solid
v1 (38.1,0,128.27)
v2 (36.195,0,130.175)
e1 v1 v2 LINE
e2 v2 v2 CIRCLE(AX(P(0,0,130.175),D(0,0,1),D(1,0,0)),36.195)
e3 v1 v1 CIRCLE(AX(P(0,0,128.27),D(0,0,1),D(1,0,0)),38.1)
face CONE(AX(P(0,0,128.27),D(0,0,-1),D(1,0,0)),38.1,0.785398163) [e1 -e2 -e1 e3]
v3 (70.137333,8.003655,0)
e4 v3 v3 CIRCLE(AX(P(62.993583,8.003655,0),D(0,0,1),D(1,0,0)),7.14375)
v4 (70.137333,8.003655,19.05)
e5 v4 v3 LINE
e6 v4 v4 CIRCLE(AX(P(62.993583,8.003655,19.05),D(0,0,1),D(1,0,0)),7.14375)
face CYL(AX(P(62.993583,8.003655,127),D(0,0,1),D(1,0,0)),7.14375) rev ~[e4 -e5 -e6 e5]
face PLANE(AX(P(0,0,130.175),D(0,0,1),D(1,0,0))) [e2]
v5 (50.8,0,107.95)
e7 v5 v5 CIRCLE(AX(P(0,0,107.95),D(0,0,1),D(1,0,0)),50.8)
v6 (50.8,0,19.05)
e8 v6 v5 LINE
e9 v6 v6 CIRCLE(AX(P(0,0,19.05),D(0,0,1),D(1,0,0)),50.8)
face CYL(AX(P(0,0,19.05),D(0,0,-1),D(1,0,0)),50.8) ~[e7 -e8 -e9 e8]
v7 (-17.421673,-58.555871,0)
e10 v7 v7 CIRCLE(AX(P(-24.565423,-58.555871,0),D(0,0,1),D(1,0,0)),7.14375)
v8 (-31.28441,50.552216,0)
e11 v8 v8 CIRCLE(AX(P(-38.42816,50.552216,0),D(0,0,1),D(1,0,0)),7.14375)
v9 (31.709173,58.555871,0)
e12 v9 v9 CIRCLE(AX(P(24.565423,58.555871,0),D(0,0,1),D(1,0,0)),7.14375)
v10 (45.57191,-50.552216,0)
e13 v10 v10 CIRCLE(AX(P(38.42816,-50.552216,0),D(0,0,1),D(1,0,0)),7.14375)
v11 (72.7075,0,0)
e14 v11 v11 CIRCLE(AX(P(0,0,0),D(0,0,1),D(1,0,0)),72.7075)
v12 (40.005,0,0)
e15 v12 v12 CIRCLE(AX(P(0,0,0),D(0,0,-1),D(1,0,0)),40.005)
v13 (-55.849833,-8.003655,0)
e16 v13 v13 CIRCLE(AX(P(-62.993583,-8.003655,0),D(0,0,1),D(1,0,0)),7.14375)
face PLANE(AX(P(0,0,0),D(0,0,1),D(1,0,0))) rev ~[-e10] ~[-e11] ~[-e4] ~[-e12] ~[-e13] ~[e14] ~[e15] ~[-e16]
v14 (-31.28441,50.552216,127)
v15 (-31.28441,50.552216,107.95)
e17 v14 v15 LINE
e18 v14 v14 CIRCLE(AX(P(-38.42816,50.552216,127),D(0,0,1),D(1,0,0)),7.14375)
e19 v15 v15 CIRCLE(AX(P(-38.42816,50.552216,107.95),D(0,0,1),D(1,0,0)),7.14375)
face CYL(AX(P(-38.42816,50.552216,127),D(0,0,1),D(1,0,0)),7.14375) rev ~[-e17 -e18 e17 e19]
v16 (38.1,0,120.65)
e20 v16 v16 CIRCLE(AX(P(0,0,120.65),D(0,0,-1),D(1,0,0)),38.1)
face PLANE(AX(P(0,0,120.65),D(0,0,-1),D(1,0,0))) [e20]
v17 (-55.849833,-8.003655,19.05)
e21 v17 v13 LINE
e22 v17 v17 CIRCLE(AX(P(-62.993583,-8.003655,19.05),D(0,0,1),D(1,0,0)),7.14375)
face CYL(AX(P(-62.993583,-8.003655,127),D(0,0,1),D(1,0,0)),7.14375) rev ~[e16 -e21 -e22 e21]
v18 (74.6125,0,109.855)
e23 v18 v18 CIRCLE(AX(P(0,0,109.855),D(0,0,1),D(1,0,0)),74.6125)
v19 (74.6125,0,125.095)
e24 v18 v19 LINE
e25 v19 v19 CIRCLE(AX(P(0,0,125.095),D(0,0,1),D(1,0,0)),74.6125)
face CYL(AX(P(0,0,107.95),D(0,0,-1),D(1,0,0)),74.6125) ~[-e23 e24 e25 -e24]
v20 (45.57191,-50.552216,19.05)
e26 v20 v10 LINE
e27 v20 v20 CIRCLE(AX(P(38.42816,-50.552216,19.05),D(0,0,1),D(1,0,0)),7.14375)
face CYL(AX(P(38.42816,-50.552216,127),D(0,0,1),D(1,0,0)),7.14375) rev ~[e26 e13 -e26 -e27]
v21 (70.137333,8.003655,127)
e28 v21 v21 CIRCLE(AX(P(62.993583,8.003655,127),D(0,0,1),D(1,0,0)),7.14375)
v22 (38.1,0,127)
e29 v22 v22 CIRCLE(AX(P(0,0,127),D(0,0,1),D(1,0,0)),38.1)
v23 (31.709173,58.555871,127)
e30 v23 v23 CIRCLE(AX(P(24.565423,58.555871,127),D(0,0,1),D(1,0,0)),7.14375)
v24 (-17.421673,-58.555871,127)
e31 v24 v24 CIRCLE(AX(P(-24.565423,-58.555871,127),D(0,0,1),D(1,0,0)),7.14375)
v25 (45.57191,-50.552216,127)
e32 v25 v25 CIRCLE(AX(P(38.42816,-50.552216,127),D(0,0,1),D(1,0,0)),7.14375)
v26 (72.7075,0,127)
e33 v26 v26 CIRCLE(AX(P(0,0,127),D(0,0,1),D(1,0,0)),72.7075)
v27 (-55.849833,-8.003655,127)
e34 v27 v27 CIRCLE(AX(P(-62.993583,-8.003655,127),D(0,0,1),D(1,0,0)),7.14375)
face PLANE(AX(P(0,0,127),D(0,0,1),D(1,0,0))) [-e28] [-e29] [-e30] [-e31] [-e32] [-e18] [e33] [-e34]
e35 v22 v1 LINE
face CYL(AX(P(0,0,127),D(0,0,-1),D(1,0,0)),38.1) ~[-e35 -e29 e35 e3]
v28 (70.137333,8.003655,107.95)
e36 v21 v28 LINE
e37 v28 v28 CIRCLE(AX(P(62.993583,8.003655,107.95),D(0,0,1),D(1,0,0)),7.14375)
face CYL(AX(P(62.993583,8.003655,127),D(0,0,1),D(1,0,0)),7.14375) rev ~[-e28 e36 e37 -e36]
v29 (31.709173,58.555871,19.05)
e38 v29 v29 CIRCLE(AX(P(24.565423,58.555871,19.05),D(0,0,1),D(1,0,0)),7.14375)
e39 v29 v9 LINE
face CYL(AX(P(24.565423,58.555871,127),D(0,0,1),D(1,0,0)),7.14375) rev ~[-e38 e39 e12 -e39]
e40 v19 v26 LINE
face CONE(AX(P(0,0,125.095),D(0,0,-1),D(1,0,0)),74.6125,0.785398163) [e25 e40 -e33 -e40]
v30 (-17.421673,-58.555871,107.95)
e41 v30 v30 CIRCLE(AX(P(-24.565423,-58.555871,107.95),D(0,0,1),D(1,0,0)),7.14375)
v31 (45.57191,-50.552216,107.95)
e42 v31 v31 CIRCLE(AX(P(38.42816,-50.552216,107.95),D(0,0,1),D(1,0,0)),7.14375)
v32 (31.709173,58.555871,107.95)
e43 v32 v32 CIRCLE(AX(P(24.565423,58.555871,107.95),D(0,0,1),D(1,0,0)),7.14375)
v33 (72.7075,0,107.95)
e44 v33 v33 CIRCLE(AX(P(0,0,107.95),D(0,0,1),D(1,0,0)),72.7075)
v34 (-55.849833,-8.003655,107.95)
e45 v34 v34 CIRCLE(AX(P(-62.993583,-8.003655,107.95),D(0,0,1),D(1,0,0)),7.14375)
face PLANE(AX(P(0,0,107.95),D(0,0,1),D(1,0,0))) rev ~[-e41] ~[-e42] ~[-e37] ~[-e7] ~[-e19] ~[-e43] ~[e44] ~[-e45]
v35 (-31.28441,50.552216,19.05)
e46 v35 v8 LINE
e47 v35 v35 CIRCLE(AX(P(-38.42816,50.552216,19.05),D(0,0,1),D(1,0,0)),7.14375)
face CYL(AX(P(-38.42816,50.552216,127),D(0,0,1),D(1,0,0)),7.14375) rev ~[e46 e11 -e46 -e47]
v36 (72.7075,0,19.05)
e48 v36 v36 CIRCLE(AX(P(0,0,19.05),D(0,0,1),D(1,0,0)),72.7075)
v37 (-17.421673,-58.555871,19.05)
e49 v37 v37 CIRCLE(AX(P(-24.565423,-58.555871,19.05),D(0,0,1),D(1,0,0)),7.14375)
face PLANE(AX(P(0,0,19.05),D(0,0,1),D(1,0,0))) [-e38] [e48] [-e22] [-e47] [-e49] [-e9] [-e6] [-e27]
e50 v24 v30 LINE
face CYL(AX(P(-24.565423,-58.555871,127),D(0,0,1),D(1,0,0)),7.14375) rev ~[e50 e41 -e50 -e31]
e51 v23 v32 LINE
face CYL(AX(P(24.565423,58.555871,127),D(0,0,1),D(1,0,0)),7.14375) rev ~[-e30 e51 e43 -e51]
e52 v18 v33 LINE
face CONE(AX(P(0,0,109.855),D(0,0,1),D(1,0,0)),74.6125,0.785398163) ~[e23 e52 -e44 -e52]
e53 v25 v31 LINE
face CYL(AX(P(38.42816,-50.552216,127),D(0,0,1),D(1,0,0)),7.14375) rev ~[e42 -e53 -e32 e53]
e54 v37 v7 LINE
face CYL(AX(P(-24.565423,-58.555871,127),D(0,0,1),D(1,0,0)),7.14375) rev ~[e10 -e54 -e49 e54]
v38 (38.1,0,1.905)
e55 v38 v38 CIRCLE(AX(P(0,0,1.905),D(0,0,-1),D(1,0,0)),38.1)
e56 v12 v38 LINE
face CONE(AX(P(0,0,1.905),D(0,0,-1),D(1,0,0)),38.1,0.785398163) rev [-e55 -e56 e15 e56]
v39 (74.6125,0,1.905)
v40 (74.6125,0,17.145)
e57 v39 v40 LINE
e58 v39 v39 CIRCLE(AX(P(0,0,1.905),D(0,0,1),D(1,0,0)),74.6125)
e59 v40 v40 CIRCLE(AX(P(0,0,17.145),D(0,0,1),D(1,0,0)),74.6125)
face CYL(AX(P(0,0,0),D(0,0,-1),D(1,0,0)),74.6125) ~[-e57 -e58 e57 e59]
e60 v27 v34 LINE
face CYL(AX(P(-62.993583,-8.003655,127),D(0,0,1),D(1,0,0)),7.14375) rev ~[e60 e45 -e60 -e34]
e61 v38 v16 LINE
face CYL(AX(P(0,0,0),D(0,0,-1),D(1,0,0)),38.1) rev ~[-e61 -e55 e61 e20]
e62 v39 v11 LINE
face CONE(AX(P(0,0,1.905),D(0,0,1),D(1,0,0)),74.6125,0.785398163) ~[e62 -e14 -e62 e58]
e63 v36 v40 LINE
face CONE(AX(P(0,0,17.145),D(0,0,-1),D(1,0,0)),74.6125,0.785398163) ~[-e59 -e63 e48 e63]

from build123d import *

# Parameters (mm, degrees)
F0_R      = 74.6125
F1_DEPTH  = 19.05
F2_R      = 50.8
F3_DEPTH  = 88.9
F4_R      = 74.6125
F5_DEPTH  = 19.05
F6_R      = 7.14375
F7_DEPTH  = 127.001
F8_R      = 38.1
F9_DEPTH  = 3.175
F10_R     = 38.1
F11_DEPTH = 120.65
F12_SIZE  = 1.905


with BuildPart() as f1:
    # F0 (on Top) → F1 (new body)
    with BuildSketch(Plane.XY):
        Circle(F0_R)
    extrude(amount=F1_DEPTH)

    # F2 (on face) → F3 (join)
    with BuildSketch(Plane.XY.offset(19.05)):
        Circle(F2_R)
    extrude(amount=F3_DEPTH)

    # F4 (on face) → F5 (join)
    with BuildSketch(Plane.XY.offset(107.95)):
        Circle(F4_R)
    extrude(amount=F5_DEPTH)

    # F6 (on face) → F7 (cut, through all)
    with BuildSketch(Plane.XY.offset(127)):
        with Locations((24.5654228837, 58.5558707436)):
            Circle(F6_R)
        with Locations((-38.4281601629, 50.5522156438)):
            Circle(F6_R)
        with Locations((-62.9935830465, -8.0036550999)):
            Circle(F6_R)
        with Locations((-24.5654228837, -58.5558707436)):
            Circle(F6_R)
        with Locations((38.4281601629, -50.5522156438)):
            Circle(F6_R)
        with Locations((62.9935830465, 8.0036550999)):
            Circle(F6_R)
    extrude(amount=-F7_DEPTH, mode=Mode.SUBTRACT)

    # F8 (on face) → F9 (join)
    with BuildSketch(Plane.XY.offset(127)):
        Circle(F8_R)
    extrude(amount=F9_DEPTH)

    # F10 (on face) → F11 (cut)
    with BuildSketch(Plane(origin=(0, 0, 0), x_dir=(1, 0, 0), z_dir=(0, 0, -1))):
        Circle(F10_R)
    extrude(amount=-F11_DEPTH, mode=Mode.SUBTRACT)

    # F12
    f12_edges = [f1.edges().sort_by_distance(p)[0] for p in [
        (-74.6125, 0, 0),
        (-38.1, 0, 0),
        (-74.6125, 0, 19.05),
        (-74.6125, 0, 107.95),
        (-74.6125, 0, 127),
        (-38.1, 0, 130.175),
    ]]
    chamfer(f12_edges, length=F12_SIZE)


solid = f1.part
